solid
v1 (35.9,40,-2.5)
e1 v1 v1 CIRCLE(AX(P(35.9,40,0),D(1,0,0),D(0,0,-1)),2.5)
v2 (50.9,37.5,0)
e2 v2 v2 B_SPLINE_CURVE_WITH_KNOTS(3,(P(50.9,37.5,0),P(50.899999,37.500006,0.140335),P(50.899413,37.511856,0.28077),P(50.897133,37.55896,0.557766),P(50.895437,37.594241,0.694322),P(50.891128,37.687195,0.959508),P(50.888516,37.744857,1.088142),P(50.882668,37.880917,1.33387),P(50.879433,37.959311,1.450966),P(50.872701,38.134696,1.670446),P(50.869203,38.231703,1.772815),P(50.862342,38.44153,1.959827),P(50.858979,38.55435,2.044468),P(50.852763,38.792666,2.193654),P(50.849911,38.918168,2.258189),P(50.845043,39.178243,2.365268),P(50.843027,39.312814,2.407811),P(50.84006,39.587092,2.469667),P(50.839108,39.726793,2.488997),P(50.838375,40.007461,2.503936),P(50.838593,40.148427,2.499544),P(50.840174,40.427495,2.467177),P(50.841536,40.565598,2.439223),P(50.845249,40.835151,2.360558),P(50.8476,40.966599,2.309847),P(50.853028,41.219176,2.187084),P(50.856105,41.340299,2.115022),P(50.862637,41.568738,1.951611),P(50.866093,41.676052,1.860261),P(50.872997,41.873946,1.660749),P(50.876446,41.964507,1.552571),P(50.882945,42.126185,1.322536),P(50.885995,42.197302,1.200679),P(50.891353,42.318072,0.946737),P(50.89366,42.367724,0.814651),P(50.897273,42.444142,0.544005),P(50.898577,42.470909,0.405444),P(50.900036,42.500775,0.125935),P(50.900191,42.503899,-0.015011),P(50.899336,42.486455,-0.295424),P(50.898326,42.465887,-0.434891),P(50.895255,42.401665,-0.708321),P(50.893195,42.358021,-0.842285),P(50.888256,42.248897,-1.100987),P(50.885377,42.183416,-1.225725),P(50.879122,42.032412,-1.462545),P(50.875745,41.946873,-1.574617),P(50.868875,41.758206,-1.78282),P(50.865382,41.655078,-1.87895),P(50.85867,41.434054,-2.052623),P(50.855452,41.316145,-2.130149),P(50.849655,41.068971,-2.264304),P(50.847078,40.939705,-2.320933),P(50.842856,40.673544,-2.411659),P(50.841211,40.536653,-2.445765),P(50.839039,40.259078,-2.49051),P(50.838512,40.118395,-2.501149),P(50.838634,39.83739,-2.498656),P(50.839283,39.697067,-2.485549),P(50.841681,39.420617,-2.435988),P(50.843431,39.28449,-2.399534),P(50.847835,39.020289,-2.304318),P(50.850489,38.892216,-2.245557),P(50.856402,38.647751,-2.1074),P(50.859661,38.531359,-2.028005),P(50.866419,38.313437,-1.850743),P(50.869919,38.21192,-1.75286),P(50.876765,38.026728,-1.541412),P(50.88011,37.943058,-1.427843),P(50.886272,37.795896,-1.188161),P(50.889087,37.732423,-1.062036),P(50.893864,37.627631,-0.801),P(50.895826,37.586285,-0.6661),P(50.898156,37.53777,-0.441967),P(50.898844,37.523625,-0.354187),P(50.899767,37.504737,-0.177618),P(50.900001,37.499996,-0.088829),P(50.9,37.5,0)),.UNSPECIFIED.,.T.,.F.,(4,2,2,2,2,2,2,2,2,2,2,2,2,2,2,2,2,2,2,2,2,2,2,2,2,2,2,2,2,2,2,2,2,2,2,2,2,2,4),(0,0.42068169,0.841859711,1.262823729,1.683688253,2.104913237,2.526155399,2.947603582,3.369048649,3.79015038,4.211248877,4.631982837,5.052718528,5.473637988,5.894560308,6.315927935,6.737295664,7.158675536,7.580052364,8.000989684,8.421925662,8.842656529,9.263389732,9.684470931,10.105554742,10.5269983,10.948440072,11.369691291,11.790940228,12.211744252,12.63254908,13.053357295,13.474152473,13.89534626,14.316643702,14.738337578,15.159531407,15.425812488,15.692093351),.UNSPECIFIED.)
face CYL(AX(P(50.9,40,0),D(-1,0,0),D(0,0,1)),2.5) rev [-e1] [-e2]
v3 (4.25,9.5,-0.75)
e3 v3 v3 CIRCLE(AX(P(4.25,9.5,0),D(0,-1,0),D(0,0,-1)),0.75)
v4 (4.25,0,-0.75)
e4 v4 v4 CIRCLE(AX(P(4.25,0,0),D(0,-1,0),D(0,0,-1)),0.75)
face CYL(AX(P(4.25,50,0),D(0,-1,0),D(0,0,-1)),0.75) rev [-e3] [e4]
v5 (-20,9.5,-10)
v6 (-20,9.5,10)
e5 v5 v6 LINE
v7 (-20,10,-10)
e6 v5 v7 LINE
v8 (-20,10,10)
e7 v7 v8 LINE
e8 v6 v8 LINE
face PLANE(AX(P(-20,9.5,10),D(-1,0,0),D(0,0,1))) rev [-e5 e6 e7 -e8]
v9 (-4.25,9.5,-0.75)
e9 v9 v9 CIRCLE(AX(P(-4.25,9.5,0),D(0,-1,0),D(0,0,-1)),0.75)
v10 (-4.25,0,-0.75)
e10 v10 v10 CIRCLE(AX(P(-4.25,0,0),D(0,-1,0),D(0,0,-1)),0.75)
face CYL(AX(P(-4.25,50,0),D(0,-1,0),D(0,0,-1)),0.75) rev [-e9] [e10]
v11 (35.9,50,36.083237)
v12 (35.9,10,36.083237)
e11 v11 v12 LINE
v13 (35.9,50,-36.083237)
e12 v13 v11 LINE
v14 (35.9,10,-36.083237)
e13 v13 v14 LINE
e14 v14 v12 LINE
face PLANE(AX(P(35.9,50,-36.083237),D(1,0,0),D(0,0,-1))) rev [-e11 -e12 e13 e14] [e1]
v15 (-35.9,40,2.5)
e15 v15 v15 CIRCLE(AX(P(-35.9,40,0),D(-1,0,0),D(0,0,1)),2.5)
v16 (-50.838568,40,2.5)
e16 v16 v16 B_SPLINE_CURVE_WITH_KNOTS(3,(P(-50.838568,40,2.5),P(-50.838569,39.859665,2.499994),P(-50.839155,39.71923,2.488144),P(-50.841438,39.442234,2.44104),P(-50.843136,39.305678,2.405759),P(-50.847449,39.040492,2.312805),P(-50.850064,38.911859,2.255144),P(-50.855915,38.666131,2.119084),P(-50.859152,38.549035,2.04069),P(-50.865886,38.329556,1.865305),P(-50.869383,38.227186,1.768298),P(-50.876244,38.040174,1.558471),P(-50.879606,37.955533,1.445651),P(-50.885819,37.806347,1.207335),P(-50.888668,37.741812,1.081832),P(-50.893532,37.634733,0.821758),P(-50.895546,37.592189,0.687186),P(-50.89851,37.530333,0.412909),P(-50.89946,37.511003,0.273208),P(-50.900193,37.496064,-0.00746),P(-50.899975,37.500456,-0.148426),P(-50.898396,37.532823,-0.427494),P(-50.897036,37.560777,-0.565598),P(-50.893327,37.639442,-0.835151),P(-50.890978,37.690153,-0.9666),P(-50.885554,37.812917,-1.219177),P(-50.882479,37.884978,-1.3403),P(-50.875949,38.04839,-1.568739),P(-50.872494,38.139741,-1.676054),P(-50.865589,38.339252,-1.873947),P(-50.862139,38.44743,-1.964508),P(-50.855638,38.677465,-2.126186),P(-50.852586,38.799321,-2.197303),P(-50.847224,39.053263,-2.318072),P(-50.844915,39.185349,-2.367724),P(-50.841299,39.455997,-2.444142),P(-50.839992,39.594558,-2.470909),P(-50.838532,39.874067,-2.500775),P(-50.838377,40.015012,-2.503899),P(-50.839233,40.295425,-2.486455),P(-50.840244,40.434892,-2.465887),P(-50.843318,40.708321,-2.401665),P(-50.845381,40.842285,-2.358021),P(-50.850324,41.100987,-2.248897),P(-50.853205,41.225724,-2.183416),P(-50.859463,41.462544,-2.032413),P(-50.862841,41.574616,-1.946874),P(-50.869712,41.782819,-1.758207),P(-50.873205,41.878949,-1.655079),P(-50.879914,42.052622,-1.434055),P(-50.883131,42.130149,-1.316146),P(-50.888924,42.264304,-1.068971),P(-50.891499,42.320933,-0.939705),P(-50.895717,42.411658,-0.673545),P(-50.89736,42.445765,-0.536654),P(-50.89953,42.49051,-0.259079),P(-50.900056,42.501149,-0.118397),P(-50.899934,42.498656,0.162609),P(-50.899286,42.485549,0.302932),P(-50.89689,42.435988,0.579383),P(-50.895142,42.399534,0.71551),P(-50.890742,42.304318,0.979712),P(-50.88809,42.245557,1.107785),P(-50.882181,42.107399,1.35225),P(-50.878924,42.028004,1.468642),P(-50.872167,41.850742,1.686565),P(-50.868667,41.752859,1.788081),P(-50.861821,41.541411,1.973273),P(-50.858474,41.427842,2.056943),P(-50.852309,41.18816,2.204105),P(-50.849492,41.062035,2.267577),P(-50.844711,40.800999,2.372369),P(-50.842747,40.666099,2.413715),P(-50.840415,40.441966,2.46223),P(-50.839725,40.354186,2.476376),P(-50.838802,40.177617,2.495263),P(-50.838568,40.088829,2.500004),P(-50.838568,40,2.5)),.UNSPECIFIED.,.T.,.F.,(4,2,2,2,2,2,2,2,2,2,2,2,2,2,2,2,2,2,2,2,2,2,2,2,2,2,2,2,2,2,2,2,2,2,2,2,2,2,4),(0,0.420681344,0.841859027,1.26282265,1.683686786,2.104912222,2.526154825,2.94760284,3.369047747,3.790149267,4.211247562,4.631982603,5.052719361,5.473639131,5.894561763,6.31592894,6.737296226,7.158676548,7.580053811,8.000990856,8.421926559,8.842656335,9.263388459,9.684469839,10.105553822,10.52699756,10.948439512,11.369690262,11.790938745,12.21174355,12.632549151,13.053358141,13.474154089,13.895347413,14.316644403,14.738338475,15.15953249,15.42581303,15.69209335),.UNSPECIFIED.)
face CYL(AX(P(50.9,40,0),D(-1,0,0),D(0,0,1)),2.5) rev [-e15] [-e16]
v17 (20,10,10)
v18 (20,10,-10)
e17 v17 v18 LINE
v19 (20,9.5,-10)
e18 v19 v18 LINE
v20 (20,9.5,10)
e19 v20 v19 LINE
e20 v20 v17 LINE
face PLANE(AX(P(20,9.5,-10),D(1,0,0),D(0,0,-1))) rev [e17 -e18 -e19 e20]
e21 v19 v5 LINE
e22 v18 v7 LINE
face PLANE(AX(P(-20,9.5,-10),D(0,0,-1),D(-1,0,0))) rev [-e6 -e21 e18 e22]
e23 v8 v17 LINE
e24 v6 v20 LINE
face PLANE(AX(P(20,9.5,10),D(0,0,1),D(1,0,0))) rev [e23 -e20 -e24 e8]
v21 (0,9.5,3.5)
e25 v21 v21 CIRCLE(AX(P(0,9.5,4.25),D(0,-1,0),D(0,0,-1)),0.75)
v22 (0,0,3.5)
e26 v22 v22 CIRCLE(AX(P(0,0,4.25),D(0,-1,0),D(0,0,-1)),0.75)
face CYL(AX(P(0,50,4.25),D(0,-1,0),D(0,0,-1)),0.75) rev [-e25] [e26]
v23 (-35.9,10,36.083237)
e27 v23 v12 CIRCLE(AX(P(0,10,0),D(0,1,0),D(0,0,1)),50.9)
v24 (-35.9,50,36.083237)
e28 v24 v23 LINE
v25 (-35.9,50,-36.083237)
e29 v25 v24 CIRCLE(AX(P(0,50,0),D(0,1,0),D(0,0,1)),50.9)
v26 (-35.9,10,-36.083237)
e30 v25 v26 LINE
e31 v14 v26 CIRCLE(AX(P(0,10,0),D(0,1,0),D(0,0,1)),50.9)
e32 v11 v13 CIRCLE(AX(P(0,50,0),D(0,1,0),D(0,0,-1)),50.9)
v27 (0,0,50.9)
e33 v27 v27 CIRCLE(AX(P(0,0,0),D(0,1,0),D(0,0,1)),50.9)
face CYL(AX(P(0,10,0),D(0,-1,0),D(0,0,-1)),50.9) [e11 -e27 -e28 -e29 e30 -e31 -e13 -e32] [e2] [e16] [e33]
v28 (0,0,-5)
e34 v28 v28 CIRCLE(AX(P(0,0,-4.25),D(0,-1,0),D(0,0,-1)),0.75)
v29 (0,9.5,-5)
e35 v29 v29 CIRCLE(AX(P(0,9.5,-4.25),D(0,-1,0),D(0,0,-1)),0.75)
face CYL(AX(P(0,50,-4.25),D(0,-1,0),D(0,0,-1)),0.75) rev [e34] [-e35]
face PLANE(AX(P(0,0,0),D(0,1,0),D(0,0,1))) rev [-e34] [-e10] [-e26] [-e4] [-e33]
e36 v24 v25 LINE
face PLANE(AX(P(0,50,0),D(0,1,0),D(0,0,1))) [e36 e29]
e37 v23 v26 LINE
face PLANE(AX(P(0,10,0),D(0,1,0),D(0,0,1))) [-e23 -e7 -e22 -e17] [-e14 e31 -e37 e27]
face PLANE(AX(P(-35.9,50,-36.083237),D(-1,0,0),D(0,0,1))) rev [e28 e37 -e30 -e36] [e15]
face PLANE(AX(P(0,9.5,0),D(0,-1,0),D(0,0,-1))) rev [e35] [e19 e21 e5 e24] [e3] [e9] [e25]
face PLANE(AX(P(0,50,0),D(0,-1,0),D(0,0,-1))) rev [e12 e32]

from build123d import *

# Parameters (mm, degrees)
SKETCH1_R               = 50.9
BOSS_EXTRUDE1_DEPTH     = 10
BOSS_EXTRUDE2_DEPTH     = 40
SKETCH3_W               = 40
SKETCH3_H               = 20
CUT_EXTRUDE1_DEPTH      = 0.5
CUT_EXTRUDE2_DEPTH      = 113.361247768
CUT_EXTRUDE2_DEPTH_BACK = 113.361247768
SKETCH4_R               = 2.5
SKETCH5_R               = 0.75
CUT_EXTRUDE3_DEPTH      = 88.644851647


with BuildPart() as part:
    # Sketch1 → Boss-Extrude1 (new body)
    with BuildSketch(Plane(origin=(0, 0, 0), x_dir=(1, 0, 0), z_dir=(0, 1, 0))):
        with Locations(Location((0, 0, 0), (0, 0, 270))):
            Circle(SKETCH1_R)
    extrude(amount=BOSS_EXTRUDE1_DEPTH)

    # Sketch2 → Boss-Extrude2 (add)
    with BuildSketch(Plane(origin=(0, 10, 0), x_dir=(1, 0, 0), z_dir=(0, 1, 0))):
        with BuildLine():
            Line((-35.9, 36.083237105), (-35.9, -36.083237105))
            ThreePointArc((-35.9, -36.083237105), (-50.9, 0), (-35.9, 36.083237105))
        make_face()
        with BuildLine():
            Line((35.9, 36.083237105), (35.9, -36.083237105))
            ThreePointArc((35.9, -36.083237105), (50.9, 0), (35.9, 36.083237105))
        make_face()
    extrude(amount=BOSS_EXTRUDE2_DEPTH)

    # Sketch3 → Cut-Extrude1 (cut)
    with BuildSketch(Plane(origin=(0, 10, 0), x_dir=(1, 0, 0), z_dir=(0, 1, 0))):
        Rectangle(SKETCH3_W, SKETCH3_H)
    extrude(amount=-CUT_EXTRUDE1_DEPTH, mode=Mode.SUBTRACT)

    # Sketch4 → Cut-Extrude2 (cut, two sides: drawn at the far end of the back side and taken through both)
    with BuildSketch(Plane.ZY.offset(-35.9).offset(-CUT_EXTRUDE2_DEPTH_BACK)):
        with Locations(Location((0, 40, 0), (0, 0, 270))):
            Circle(SKETCH4_R)
    extrude(amount=CUT_EXTRUDE2_DEPTH + CUT_EXTRUDE2_DEPTH_BACK, mode=Mode.SUBTRACT)

    # Sketch5 → Cut-Extrude3 (cut, through all)
    with BuildSketch(Plane.XZ):
        with Locations(Location((-4.25, 0, 0), (0, 0, 270))):
            Circle(SKETCH5_R)
        with Locations(Location((0, 4.25, 0), (0, 0, 270))):
            Circle(SKETCH5_R)
        with Locations(Location((4.25, 0, 0), (0, 0, 270))):
            Circle(SKETCH5_R)
        with Locations(Location((0, -4.25, 0), (0, 0, 270))):
            Circle(SKETCH5_R)
    extrude(amount=-CUT_EXTRUDE3_DEPTH, mode=Mode.SUBTRACT)


solid = part.part
